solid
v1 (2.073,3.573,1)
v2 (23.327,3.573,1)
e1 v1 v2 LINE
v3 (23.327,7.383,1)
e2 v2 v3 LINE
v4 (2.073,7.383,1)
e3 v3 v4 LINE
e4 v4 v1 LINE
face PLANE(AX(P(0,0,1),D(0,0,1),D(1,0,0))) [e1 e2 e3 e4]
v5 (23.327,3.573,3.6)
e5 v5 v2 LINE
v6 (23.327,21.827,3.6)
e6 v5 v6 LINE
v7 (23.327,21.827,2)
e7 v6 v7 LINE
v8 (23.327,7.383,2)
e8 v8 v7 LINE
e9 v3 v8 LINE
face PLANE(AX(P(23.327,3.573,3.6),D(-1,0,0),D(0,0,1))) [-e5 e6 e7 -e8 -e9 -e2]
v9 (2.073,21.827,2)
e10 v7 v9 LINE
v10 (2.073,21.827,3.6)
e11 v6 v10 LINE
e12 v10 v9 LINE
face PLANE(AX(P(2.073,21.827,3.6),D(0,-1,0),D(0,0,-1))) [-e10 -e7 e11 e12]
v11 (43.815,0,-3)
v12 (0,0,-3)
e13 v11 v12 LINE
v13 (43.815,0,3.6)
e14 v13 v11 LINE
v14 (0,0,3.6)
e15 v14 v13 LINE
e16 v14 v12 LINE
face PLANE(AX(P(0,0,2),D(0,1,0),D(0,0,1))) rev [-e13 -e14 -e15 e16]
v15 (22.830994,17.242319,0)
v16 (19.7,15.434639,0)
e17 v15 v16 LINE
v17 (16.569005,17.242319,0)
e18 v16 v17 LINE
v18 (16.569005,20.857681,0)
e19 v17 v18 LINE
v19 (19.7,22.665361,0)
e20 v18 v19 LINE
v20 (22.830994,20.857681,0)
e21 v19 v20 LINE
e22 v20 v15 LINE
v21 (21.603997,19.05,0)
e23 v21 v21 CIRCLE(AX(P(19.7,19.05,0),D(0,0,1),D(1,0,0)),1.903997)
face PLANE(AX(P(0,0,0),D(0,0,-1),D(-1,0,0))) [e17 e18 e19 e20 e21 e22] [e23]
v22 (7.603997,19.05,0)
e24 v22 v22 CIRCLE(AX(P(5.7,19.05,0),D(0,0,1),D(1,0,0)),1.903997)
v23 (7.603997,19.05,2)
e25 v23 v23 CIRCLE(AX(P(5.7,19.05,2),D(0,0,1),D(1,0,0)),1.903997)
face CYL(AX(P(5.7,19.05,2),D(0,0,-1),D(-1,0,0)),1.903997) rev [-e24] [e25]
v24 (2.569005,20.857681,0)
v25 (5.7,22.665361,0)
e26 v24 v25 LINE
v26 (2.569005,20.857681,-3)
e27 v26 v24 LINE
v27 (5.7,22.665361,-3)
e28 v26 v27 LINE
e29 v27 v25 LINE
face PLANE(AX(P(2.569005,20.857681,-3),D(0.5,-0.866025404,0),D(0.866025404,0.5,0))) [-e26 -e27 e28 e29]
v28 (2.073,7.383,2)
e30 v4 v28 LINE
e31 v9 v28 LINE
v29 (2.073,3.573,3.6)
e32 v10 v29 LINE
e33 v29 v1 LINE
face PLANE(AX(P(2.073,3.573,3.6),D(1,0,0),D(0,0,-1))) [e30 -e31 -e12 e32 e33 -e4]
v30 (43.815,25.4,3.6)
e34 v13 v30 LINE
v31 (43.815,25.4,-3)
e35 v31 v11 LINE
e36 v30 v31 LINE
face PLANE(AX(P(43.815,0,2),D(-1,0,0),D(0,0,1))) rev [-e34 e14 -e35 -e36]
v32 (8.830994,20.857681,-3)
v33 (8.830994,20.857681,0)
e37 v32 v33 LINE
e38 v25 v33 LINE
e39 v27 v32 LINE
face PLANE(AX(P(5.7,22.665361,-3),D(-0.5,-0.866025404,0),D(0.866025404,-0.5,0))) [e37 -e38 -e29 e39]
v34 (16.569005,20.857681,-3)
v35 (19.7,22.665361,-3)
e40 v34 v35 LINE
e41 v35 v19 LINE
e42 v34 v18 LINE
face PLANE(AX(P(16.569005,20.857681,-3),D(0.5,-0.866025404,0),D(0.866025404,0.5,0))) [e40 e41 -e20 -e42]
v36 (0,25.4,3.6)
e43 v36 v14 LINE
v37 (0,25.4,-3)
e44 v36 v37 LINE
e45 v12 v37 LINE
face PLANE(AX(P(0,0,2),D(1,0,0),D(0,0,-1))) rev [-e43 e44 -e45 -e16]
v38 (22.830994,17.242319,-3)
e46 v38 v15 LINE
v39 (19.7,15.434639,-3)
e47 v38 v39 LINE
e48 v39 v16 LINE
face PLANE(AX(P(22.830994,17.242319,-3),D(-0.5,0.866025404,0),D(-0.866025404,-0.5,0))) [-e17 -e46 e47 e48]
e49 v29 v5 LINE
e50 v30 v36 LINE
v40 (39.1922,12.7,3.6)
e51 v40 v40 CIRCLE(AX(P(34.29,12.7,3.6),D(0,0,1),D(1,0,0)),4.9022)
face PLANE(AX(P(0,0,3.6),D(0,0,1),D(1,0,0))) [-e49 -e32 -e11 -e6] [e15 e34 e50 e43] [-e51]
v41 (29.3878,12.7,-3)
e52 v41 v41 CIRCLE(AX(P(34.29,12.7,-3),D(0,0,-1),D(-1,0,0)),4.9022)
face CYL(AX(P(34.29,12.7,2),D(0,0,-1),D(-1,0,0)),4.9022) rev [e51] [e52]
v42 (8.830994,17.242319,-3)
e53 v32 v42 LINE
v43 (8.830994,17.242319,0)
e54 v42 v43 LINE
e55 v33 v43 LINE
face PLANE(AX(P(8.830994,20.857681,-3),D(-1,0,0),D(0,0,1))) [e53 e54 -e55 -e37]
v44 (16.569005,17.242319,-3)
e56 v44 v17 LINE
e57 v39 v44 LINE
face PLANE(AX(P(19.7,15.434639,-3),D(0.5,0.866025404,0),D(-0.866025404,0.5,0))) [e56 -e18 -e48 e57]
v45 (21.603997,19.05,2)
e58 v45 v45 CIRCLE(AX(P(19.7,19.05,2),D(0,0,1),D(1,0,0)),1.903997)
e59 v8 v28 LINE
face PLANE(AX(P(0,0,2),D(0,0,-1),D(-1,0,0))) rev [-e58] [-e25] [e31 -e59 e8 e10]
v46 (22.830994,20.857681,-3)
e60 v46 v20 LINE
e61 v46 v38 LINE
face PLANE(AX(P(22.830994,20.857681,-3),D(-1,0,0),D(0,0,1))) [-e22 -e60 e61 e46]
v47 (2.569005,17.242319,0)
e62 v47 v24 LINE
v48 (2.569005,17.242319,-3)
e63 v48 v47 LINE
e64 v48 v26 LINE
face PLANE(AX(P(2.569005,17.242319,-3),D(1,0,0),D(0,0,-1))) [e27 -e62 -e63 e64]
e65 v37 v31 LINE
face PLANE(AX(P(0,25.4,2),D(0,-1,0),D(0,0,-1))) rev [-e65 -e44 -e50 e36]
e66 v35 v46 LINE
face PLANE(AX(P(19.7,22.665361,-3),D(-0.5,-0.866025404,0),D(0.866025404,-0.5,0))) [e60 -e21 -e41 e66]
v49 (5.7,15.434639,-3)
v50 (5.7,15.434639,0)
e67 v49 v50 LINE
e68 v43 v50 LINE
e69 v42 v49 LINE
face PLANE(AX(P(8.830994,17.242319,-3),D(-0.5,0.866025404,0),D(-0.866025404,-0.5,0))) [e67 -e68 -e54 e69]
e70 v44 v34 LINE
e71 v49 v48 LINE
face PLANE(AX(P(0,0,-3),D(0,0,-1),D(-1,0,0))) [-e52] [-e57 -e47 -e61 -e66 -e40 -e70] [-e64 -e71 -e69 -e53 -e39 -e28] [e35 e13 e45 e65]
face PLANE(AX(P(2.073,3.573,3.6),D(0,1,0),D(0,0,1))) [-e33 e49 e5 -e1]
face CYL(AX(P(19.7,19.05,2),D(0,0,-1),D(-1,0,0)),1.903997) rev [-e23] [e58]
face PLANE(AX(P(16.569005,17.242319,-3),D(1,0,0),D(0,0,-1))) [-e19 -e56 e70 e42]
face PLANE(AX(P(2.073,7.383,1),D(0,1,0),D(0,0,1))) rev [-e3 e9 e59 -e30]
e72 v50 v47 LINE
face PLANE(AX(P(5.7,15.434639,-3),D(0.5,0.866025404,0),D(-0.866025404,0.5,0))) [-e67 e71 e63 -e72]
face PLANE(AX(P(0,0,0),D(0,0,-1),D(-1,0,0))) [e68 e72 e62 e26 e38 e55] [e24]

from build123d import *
from build123d.topology import SkipClean

# Parameters (mm, degrees)
SKETCH1_W           = 43.815
SKETCH1_H           = 25.4
SKETCH1_R           = 1.9039967
SKETCH1_R_2         = 4.9022
BOSS_EXTRUDE1_DEPTH = 2
SKETCH2_W           = 43.815
SKETCH2_H           = 25.4
SKETCH2_R           = 4.9022
SKETCH2_W_2         = 21.254
SKETCH2_H_2         = 18.254
BOSS_EXTRUDE2_DEPTH = 1.6
BOSS_EXTRUDE3_START = 3
SKETCH3_W           = 43.815
SKETCH3_H           = 25.4
SKETCH3_R           = 4.9022
BOSS_EXTRUDE3_DEPTH = 3
SKETCH5_W           = 21.254
SKETCH5_H           = 3.81
CUT_EXTRUDE1_DEPTH  = 1


with BuildPart() as part:
    # Sketch1 → Boss-Extrude1 (new body)
    with BuildSketch(Plane.XY):
        with Locations((21.9075, 12.7)):
            Rectangle(SKETCH1_W, SKETCH1_H)
        with Locations((5.7, 19.05)):
            Circle(SKETCH1_R, mode=Mode.SUBTRACT)
        with Locations((19.7, 19.05)):
            Circle(SKETCH1_R, mode=Mode.SUBTRACT)
        with Locations((34.29, 12.7)):
            Circle(SKETCH1_R_2, mode=Mode.SUBTRACT)
    extrude(amount=BOSS_EXTRUDE1_DEPTH)

    # Sketch2 → Boss-Extrude2 (add)
    with BuildSketch(Plane.XY.offset(2)):
        with Locations((21.9075, 12.7)):
            Rectangle(SKETCH2_W, SKETCH2_H)
        with Locations((34.29, 12.7)):
            Circle(SKETCH2_R, mode=Mode.SUBTRACT)
        with Locations((12.7, 12.7)):
            Rectangle(SKETCH2_W_2, SKETCH2_H_2, mode=Mode.SUBTRACT)
    extrude(amount=BOSS_EXTRUDE2_DEPTH)

    # Sketch3 → Boss-Extrude3 (add)
    with SkipClean():  # the faces are left unmerged after this step: merging them gives an invalid solid
        with BuildSketch(Plane(origin=(0, 0, 0), x_dir=(-1, 0, 0), z_dir=(0, 0, -1)).offset(BOSS_EXTRUDE3_START)):
            with Locations((-21.9075, 12.7)):
                Rectangle(SKETCH3_W, SKETCH3_H)
            with Locations((-34.29, 12.7)):
                Circle(SKETCH3_R, mode=Mode.SUBTRACT)
            Polygon((-16.5690055, 17.242319483), (-16.5690055, 20.857680517), (-19.7, 22.665361035), (-22.8309945, 20.857680517), (-22.8309945, 17.242319483), (-19.7, 15.434638965), align=None, mode=Mode.SUBTRACT)
            Polygon((-2.5690055, 20.857680517), (-5.7, 22.665361035), (-8.8309945, 20.857680517), (-8.8309945, 17.242319483), (-5.7, 15.434638965), (-2.5690055, 17.242319483), align=None, mode=Mode.SUBTRACT)
        extrude(amount=-BOSS_EXTRUDE3_DEPTH)

    # Sketch5 → Cut-Extrude1 (cut)
    with SkipClean():  # the faces are left unmerged after this step: merging them gives an invalid solid
        with BuildSketch(Plane.XY.offset(2)):
            with Locations((12.7, 5.478)):
                Rectangle(SKETCH5_W, SKETCH5_H)
        extrude(amount=-CUT_EXTRUDE1_DEPTH, mode=Mode.SUBTRACT)


solid = part.part
